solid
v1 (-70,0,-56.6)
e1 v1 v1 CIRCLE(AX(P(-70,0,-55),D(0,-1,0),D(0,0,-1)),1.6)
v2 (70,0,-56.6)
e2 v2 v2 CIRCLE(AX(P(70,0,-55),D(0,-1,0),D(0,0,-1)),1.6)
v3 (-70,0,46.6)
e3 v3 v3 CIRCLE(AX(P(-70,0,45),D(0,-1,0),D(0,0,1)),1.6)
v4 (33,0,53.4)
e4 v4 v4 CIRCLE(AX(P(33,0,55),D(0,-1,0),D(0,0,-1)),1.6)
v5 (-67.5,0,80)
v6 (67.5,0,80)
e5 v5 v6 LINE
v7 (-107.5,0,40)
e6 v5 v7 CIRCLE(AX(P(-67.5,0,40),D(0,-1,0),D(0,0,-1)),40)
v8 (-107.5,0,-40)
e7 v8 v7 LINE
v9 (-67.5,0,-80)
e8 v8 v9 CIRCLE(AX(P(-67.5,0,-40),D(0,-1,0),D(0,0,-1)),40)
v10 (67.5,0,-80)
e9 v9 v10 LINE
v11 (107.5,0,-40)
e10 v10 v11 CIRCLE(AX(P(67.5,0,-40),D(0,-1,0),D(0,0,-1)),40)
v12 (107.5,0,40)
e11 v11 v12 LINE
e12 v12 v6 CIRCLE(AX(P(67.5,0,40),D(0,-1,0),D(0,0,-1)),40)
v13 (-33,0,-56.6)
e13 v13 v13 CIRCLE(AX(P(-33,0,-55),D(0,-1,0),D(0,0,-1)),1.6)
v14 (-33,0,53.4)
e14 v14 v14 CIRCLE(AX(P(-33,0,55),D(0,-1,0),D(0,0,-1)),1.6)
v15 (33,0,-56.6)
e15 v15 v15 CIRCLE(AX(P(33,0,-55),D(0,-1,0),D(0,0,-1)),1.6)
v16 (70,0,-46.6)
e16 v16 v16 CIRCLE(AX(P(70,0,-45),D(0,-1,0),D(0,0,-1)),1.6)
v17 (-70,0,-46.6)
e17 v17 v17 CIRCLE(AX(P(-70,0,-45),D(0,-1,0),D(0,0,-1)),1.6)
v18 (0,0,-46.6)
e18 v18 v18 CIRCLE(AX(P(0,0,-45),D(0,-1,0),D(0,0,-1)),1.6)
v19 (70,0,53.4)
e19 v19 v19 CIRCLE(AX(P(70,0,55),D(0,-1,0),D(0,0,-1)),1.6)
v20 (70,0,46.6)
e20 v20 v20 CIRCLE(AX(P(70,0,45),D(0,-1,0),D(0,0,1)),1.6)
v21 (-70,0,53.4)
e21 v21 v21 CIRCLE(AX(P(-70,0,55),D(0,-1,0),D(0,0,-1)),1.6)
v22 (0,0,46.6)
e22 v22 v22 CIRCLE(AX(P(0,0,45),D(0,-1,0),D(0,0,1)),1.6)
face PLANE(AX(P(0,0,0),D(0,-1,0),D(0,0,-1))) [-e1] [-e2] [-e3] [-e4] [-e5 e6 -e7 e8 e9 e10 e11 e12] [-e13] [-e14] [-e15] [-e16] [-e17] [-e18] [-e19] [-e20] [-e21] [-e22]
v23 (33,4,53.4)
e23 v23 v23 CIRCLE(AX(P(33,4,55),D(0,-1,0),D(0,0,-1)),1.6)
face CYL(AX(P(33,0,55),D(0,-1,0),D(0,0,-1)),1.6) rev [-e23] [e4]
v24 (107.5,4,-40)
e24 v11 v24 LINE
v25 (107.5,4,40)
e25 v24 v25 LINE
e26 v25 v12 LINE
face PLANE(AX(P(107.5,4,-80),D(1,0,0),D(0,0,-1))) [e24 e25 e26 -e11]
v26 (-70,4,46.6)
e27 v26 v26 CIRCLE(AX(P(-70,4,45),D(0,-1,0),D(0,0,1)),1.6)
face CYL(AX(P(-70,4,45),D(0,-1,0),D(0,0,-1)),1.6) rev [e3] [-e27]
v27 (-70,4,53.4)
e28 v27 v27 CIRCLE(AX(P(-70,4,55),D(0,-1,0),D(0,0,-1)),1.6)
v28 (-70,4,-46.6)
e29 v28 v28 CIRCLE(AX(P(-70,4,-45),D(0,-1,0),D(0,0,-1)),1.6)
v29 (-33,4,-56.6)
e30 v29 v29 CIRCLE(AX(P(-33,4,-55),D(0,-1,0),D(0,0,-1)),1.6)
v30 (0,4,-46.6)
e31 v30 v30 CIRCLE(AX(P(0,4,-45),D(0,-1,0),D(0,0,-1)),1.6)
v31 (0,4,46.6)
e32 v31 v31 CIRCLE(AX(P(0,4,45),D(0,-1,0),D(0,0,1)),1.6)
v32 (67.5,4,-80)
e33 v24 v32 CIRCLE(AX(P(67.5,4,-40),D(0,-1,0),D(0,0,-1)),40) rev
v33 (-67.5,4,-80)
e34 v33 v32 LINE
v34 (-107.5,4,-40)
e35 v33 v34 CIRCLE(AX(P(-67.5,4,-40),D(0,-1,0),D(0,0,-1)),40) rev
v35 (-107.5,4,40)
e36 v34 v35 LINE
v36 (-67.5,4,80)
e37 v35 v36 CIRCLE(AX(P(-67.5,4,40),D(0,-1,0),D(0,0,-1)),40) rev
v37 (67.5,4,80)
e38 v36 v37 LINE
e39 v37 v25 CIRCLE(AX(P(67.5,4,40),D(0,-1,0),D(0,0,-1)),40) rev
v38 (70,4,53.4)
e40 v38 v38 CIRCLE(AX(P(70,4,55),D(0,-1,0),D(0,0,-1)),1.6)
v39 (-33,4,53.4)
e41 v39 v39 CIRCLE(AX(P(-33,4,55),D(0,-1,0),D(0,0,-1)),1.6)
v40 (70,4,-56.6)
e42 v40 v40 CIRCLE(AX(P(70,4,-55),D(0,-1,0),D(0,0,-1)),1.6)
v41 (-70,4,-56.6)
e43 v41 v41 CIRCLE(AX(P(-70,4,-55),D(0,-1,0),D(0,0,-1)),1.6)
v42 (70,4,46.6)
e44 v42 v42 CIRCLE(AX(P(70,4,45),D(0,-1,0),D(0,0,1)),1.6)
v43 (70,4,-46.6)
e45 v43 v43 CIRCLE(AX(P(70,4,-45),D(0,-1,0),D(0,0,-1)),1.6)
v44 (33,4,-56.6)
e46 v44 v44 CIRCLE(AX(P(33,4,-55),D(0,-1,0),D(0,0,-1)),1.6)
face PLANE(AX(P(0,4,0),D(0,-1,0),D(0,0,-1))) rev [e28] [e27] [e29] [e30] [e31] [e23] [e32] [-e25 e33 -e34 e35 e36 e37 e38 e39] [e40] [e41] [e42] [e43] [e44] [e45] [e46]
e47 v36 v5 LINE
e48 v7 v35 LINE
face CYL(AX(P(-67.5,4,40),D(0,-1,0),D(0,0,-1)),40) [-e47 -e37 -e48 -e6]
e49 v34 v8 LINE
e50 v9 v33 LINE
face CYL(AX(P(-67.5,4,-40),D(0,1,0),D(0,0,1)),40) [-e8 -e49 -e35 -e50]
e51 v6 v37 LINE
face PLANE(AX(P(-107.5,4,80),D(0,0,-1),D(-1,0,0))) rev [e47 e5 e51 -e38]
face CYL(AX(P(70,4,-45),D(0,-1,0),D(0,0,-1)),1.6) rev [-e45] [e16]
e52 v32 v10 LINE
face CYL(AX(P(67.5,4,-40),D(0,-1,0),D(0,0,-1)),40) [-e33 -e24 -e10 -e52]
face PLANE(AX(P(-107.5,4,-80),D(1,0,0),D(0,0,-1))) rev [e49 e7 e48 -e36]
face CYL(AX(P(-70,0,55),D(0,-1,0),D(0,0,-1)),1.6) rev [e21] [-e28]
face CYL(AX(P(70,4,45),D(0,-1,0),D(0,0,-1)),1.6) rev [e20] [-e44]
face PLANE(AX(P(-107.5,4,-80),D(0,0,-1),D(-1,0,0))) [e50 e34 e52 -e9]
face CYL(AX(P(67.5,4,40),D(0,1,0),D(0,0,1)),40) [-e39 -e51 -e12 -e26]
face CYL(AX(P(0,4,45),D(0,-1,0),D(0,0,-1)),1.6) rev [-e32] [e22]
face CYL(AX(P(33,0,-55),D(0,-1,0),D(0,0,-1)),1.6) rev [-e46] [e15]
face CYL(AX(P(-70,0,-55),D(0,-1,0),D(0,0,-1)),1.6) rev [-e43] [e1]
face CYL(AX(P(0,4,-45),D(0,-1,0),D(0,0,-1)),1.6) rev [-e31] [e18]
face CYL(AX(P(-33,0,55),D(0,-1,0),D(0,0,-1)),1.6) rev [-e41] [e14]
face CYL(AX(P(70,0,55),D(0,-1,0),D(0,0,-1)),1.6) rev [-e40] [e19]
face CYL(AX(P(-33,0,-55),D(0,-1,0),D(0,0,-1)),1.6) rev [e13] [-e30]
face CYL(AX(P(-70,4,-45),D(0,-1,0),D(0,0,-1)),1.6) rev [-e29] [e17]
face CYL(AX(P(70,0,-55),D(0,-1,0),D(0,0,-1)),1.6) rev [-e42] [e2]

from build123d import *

# Parameters (mm, degrees)
SKETCH1_W                  = 215
SKETCH1_H                  = 160
BOSS_EXTRUDE1_DEPTH        = 4
F_1_0_3_2_DIAMETER_HOLE1_D = 3.2
FILLET1_R                  = 40
FILLET2_R                  = 40
SKETCH8_R                  = 1.6
CUT_EXTRUDE1_DEPTH         = 135.060620616


with BuildPart() as part:
    # Sketch1 → Boss-Extrude1 (new body)
    with BuildSketch(Plane(origin=(0, 0, 0), x_dir=(1, 0, 0), z_dir=(0, 1, 0))):
        Rectangle(SKETCH1_W, SKETCH1_H)
    extrude(amount=BOSS_EXTRUDE1_DEPTH)

    # Ø1.0 (3.2) Diameter Hole1 (through all)
    with Locations(Plane.XZ):
        with Locations((-70, 55), (33, 55), (-33, 55), (70, 55), (70, -55), (33, -55), (-33, -55), (-70, -55)):
            Hole(F_1_0_3_2_DIAMETER_HOLE1_D / 2)

    # Fillet1
    fillet1_edges = [part.edges().sort_by_distance(p)[0] for p in [
        (-107.5, 2, 80),
        (-107.5, 2, -80),
    ]]
    fillet(fillet1_edges, radius=FILLET1_R)

    # Fillet2
    fillet2_edges = [part.edges().sort_by_distance(p)[0] for p in [
        (107.5, 2, -80),
        (107.5, 2, 80),
    ]]
    fillet(fillet2_edges, radius=FILLET2_R)

    # Sketch8 → Cut-Extrude1 (cut, through all)
    with BuildSketch(Plane.XZ):
        with Locations(Location((-70, -45, 0), (0, 0, 270))):
            Circle(SKETCH8_R)
        with Locations(Location((0, -45, 0), (0, 0, 270))):
            Circle(SKETCH8_R)
        with Locations(Location((70, -45, 0), (0, 0, 270))):
            Circle(SKETCH8_R)
        with Locations(Location((70, 45, 0), (0, 0, 90))):
            Circle(SKETCH8_R)
        with Locations(Location((0, 45, 0), (0, 0, 90))):
            Circle(SKETCH8_R)
        with Locations(Location((-70, 45, 0), (0, 0, 90))):
            Circle(SKETCH8_R)
    extrude(amount=-CUT_EXTRUDE1_DEPTH, mode=Mode.SUBTRACT)


solid = part.part
